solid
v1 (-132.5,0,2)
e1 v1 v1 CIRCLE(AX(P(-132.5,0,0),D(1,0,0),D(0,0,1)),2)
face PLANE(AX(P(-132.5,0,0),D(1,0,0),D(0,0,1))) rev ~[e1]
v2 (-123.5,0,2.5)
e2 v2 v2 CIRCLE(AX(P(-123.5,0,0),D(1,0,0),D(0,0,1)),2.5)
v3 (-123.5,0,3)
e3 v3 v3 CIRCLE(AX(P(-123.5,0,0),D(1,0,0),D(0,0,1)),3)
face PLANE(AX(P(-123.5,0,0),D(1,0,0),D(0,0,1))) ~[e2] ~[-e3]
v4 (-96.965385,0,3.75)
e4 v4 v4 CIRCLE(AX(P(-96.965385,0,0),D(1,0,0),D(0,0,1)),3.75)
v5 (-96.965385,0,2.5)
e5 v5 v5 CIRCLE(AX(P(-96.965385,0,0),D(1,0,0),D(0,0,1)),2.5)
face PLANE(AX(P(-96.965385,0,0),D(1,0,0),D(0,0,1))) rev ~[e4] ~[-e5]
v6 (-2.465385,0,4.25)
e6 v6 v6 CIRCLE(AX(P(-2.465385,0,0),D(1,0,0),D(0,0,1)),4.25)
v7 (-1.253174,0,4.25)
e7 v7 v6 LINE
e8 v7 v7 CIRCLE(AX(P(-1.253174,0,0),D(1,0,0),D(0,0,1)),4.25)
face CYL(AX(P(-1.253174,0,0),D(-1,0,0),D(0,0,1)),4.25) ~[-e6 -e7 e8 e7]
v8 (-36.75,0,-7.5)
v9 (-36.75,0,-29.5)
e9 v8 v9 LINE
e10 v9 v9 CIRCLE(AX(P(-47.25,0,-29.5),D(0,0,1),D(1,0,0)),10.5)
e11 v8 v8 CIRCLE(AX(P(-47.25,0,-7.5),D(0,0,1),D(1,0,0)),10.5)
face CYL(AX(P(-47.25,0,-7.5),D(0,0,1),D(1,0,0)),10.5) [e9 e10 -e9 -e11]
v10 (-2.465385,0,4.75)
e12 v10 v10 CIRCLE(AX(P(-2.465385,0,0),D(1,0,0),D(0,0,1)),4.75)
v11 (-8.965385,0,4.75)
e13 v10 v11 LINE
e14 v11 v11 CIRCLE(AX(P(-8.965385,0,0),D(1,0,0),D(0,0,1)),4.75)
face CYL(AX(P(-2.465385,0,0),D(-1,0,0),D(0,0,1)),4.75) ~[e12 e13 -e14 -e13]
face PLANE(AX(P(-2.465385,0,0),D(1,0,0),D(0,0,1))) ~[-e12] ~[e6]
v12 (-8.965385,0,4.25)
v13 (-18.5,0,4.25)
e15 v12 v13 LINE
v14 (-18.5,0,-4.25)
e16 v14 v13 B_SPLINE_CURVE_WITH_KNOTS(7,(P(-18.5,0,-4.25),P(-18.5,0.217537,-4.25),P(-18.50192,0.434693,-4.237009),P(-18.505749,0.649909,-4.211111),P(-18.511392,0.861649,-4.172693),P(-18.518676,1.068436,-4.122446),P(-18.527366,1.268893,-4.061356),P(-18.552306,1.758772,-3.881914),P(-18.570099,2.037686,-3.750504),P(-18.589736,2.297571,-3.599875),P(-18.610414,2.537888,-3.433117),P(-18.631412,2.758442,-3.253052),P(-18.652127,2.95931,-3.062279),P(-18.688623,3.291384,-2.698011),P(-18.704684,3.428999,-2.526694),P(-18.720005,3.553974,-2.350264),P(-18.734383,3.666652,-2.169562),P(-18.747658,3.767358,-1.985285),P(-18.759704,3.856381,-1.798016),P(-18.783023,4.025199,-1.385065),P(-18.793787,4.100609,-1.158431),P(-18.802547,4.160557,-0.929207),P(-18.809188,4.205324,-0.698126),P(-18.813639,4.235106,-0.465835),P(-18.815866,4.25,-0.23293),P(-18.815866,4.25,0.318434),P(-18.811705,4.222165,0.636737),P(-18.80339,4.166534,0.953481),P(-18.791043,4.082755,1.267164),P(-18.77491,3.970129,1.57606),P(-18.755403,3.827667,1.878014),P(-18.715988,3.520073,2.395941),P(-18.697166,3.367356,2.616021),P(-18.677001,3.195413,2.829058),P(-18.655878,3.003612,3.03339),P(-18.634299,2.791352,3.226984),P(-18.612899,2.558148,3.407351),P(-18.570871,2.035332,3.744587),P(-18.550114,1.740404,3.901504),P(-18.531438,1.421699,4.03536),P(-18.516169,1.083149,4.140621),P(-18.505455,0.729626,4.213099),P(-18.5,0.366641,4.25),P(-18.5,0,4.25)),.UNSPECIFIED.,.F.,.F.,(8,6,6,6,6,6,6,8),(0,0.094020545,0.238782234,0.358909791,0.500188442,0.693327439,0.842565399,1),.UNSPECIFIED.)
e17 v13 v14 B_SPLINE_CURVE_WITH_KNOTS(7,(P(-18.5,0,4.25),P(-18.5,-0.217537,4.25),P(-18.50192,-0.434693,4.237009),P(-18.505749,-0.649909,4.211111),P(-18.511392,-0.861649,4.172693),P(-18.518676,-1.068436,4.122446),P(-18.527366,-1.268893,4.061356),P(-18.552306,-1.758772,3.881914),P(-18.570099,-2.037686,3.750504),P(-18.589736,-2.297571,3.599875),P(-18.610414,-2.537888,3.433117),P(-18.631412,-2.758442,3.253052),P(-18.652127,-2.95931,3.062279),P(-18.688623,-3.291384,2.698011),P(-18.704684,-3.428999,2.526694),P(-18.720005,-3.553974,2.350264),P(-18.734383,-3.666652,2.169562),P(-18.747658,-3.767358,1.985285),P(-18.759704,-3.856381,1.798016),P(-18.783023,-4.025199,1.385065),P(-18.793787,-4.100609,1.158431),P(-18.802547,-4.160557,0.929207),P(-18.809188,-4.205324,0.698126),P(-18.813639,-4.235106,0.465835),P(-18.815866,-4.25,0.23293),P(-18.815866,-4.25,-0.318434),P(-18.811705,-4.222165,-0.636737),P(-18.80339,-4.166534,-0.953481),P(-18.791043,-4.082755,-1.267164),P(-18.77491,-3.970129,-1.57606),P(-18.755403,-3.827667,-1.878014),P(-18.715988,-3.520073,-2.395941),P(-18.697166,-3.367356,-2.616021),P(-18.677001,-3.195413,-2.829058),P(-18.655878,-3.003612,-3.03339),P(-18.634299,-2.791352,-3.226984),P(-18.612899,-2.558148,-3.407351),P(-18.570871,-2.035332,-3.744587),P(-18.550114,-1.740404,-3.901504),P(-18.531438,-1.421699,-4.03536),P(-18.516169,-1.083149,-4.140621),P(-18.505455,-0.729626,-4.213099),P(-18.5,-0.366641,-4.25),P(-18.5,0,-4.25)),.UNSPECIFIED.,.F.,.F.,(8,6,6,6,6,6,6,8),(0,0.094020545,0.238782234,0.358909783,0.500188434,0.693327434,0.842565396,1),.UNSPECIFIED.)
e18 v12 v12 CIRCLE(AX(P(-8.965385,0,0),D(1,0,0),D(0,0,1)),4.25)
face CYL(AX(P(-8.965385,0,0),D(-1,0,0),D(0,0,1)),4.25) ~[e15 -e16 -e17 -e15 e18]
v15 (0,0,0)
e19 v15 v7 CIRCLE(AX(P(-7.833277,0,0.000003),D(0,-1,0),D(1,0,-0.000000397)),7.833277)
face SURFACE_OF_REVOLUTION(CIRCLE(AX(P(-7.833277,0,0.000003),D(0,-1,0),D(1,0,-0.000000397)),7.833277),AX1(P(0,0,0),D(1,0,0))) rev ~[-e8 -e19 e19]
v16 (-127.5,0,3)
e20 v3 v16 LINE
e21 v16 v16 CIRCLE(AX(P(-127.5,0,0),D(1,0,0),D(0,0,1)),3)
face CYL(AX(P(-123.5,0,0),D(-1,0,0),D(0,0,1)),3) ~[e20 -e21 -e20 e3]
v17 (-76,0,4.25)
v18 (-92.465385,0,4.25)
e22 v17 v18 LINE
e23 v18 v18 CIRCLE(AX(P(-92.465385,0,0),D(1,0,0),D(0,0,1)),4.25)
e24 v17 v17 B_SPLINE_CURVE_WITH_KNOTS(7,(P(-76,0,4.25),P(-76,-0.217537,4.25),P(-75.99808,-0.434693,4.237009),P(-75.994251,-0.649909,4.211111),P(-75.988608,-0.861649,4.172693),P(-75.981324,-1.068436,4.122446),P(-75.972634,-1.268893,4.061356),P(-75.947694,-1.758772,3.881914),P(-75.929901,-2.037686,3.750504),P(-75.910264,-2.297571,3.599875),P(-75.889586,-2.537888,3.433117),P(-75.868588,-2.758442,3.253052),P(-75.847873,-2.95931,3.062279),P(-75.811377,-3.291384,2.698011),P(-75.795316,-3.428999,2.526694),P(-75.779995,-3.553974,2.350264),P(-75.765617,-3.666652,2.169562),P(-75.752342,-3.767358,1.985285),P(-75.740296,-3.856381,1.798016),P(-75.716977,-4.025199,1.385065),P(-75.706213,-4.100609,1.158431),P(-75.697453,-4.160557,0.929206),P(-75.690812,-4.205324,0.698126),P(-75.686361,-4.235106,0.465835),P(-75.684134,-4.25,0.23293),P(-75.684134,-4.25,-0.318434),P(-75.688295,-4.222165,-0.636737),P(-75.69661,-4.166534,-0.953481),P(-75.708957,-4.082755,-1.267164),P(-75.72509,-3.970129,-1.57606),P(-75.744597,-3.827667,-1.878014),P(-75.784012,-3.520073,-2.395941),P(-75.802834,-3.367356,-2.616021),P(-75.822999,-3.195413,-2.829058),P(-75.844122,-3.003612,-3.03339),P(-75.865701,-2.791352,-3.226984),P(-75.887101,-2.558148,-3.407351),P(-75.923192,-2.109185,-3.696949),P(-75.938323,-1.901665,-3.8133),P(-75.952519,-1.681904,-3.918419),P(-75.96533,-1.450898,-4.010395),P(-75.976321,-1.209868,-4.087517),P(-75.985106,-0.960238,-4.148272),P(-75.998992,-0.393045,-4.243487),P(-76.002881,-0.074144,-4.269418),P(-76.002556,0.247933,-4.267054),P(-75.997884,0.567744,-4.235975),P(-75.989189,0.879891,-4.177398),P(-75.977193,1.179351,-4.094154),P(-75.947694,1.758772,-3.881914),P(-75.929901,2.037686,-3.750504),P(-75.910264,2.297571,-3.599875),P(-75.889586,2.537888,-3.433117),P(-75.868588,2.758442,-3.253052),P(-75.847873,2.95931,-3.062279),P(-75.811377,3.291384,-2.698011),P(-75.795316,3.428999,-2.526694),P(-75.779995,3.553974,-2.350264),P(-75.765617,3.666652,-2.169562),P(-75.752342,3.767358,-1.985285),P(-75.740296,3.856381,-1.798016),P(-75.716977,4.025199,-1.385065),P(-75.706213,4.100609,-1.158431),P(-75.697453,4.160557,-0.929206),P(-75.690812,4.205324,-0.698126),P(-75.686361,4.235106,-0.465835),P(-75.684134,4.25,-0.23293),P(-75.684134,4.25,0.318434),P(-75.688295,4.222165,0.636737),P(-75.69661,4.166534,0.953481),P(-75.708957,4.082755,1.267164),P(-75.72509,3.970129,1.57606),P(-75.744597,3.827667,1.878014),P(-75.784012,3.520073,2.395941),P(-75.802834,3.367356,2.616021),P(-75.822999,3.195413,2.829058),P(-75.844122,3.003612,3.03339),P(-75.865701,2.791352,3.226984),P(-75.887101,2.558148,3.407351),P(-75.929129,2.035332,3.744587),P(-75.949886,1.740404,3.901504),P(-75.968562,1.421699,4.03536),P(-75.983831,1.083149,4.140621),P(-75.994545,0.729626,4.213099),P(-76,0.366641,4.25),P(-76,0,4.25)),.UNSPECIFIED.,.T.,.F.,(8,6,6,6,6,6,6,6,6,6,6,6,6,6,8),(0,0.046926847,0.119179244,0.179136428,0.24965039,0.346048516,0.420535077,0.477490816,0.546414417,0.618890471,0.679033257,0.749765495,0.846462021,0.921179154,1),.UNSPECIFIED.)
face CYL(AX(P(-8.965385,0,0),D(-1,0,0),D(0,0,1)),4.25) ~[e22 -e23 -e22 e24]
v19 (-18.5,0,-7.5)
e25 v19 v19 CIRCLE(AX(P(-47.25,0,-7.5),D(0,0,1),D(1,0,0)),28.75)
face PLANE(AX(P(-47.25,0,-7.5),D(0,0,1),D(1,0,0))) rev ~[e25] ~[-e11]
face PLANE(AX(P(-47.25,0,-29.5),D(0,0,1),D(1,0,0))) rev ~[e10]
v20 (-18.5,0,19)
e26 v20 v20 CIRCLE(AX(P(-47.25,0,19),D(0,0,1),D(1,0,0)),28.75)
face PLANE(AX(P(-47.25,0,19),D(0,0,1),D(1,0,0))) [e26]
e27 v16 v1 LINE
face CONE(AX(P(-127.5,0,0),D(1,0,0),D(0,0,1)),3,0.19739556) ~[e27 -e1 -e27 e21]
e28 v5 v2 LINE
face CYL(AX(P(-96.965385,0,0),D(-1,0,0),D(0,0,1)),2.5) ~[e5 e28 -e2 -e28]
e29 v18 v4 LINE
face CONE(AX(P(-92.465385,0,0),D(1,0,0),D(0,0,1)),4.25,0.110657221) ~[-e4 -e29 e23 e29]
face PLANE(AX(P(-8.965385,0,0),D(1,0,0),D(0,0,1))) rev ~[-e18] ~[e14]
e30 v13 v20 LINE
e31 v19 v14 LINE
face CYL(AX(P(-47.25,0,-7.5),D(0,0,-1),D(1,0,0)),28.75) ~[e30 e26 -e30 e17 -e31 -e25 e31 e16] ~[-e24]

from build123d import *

# Parameters (mm, degrees)
SKETCH002_R  = 28.75
PAD_DEPTH    = 26.5
SKETCH003_R  = 10.5
PAD001_DEPTH = 22


with BuildPart() as part:
    # Sketch → Revolution (revolve)
    with BuildSketch(Plane.XZ):
        with BuildLine():
            Line((-132.5, 0), (0, 0))
            ThreePointArc((0, 0), (-0.319822, 2.215454), (-1.253174, 4.25))
            Line((-1.253174, 4.25), (-2.465385, 4.25))
            Line((-2.465385, 4.25), (-2.465385, 4.75))
            Line((-2.465385, 4.75), (-8.965385, 4.75))
            Line((-8.965385, 4.75), (-8.965385, 4.25))
            Line((-8.965385, 4.25), (-92.465385, 4.25))
            Line((-92.465385, 4.25), (-96.965385, 3.75))
            Line((-96.965385, 3.75), (-96.965385, 2.5))
            Line((-96.965385, 2.5), (-123.5, 2.5))
            Line((-123.5, 2.5), (-123.5, 3))
            Line((-123.5, 3), (-127.5, 3))
            Line((-127.5, 3), (-132.5, 2))
            Line((-132.5, 2), (-132.5, 0))
        make_face()
    revolve(axis=Axis((0, 0, 0), (1, 0, 0)))

    # Sketch002 → Pad (new body)
    with BuildSketch(Plane.XY.offset(-7.5)):
        with Locations((-47.25, 0)):
            Circle(SKETCH002_R)
    extrude(amount=PAD_DEPTH)

    # Sketch003 → Pad001 (join)
    with BuildSketch(Plane.XY.offset(-7.5)):
        with Locations((-47.25, 0)):
            Circle(SKETCH003_R)
    extrude(amount=-PAD001_DEPTH)


solid = part.part
